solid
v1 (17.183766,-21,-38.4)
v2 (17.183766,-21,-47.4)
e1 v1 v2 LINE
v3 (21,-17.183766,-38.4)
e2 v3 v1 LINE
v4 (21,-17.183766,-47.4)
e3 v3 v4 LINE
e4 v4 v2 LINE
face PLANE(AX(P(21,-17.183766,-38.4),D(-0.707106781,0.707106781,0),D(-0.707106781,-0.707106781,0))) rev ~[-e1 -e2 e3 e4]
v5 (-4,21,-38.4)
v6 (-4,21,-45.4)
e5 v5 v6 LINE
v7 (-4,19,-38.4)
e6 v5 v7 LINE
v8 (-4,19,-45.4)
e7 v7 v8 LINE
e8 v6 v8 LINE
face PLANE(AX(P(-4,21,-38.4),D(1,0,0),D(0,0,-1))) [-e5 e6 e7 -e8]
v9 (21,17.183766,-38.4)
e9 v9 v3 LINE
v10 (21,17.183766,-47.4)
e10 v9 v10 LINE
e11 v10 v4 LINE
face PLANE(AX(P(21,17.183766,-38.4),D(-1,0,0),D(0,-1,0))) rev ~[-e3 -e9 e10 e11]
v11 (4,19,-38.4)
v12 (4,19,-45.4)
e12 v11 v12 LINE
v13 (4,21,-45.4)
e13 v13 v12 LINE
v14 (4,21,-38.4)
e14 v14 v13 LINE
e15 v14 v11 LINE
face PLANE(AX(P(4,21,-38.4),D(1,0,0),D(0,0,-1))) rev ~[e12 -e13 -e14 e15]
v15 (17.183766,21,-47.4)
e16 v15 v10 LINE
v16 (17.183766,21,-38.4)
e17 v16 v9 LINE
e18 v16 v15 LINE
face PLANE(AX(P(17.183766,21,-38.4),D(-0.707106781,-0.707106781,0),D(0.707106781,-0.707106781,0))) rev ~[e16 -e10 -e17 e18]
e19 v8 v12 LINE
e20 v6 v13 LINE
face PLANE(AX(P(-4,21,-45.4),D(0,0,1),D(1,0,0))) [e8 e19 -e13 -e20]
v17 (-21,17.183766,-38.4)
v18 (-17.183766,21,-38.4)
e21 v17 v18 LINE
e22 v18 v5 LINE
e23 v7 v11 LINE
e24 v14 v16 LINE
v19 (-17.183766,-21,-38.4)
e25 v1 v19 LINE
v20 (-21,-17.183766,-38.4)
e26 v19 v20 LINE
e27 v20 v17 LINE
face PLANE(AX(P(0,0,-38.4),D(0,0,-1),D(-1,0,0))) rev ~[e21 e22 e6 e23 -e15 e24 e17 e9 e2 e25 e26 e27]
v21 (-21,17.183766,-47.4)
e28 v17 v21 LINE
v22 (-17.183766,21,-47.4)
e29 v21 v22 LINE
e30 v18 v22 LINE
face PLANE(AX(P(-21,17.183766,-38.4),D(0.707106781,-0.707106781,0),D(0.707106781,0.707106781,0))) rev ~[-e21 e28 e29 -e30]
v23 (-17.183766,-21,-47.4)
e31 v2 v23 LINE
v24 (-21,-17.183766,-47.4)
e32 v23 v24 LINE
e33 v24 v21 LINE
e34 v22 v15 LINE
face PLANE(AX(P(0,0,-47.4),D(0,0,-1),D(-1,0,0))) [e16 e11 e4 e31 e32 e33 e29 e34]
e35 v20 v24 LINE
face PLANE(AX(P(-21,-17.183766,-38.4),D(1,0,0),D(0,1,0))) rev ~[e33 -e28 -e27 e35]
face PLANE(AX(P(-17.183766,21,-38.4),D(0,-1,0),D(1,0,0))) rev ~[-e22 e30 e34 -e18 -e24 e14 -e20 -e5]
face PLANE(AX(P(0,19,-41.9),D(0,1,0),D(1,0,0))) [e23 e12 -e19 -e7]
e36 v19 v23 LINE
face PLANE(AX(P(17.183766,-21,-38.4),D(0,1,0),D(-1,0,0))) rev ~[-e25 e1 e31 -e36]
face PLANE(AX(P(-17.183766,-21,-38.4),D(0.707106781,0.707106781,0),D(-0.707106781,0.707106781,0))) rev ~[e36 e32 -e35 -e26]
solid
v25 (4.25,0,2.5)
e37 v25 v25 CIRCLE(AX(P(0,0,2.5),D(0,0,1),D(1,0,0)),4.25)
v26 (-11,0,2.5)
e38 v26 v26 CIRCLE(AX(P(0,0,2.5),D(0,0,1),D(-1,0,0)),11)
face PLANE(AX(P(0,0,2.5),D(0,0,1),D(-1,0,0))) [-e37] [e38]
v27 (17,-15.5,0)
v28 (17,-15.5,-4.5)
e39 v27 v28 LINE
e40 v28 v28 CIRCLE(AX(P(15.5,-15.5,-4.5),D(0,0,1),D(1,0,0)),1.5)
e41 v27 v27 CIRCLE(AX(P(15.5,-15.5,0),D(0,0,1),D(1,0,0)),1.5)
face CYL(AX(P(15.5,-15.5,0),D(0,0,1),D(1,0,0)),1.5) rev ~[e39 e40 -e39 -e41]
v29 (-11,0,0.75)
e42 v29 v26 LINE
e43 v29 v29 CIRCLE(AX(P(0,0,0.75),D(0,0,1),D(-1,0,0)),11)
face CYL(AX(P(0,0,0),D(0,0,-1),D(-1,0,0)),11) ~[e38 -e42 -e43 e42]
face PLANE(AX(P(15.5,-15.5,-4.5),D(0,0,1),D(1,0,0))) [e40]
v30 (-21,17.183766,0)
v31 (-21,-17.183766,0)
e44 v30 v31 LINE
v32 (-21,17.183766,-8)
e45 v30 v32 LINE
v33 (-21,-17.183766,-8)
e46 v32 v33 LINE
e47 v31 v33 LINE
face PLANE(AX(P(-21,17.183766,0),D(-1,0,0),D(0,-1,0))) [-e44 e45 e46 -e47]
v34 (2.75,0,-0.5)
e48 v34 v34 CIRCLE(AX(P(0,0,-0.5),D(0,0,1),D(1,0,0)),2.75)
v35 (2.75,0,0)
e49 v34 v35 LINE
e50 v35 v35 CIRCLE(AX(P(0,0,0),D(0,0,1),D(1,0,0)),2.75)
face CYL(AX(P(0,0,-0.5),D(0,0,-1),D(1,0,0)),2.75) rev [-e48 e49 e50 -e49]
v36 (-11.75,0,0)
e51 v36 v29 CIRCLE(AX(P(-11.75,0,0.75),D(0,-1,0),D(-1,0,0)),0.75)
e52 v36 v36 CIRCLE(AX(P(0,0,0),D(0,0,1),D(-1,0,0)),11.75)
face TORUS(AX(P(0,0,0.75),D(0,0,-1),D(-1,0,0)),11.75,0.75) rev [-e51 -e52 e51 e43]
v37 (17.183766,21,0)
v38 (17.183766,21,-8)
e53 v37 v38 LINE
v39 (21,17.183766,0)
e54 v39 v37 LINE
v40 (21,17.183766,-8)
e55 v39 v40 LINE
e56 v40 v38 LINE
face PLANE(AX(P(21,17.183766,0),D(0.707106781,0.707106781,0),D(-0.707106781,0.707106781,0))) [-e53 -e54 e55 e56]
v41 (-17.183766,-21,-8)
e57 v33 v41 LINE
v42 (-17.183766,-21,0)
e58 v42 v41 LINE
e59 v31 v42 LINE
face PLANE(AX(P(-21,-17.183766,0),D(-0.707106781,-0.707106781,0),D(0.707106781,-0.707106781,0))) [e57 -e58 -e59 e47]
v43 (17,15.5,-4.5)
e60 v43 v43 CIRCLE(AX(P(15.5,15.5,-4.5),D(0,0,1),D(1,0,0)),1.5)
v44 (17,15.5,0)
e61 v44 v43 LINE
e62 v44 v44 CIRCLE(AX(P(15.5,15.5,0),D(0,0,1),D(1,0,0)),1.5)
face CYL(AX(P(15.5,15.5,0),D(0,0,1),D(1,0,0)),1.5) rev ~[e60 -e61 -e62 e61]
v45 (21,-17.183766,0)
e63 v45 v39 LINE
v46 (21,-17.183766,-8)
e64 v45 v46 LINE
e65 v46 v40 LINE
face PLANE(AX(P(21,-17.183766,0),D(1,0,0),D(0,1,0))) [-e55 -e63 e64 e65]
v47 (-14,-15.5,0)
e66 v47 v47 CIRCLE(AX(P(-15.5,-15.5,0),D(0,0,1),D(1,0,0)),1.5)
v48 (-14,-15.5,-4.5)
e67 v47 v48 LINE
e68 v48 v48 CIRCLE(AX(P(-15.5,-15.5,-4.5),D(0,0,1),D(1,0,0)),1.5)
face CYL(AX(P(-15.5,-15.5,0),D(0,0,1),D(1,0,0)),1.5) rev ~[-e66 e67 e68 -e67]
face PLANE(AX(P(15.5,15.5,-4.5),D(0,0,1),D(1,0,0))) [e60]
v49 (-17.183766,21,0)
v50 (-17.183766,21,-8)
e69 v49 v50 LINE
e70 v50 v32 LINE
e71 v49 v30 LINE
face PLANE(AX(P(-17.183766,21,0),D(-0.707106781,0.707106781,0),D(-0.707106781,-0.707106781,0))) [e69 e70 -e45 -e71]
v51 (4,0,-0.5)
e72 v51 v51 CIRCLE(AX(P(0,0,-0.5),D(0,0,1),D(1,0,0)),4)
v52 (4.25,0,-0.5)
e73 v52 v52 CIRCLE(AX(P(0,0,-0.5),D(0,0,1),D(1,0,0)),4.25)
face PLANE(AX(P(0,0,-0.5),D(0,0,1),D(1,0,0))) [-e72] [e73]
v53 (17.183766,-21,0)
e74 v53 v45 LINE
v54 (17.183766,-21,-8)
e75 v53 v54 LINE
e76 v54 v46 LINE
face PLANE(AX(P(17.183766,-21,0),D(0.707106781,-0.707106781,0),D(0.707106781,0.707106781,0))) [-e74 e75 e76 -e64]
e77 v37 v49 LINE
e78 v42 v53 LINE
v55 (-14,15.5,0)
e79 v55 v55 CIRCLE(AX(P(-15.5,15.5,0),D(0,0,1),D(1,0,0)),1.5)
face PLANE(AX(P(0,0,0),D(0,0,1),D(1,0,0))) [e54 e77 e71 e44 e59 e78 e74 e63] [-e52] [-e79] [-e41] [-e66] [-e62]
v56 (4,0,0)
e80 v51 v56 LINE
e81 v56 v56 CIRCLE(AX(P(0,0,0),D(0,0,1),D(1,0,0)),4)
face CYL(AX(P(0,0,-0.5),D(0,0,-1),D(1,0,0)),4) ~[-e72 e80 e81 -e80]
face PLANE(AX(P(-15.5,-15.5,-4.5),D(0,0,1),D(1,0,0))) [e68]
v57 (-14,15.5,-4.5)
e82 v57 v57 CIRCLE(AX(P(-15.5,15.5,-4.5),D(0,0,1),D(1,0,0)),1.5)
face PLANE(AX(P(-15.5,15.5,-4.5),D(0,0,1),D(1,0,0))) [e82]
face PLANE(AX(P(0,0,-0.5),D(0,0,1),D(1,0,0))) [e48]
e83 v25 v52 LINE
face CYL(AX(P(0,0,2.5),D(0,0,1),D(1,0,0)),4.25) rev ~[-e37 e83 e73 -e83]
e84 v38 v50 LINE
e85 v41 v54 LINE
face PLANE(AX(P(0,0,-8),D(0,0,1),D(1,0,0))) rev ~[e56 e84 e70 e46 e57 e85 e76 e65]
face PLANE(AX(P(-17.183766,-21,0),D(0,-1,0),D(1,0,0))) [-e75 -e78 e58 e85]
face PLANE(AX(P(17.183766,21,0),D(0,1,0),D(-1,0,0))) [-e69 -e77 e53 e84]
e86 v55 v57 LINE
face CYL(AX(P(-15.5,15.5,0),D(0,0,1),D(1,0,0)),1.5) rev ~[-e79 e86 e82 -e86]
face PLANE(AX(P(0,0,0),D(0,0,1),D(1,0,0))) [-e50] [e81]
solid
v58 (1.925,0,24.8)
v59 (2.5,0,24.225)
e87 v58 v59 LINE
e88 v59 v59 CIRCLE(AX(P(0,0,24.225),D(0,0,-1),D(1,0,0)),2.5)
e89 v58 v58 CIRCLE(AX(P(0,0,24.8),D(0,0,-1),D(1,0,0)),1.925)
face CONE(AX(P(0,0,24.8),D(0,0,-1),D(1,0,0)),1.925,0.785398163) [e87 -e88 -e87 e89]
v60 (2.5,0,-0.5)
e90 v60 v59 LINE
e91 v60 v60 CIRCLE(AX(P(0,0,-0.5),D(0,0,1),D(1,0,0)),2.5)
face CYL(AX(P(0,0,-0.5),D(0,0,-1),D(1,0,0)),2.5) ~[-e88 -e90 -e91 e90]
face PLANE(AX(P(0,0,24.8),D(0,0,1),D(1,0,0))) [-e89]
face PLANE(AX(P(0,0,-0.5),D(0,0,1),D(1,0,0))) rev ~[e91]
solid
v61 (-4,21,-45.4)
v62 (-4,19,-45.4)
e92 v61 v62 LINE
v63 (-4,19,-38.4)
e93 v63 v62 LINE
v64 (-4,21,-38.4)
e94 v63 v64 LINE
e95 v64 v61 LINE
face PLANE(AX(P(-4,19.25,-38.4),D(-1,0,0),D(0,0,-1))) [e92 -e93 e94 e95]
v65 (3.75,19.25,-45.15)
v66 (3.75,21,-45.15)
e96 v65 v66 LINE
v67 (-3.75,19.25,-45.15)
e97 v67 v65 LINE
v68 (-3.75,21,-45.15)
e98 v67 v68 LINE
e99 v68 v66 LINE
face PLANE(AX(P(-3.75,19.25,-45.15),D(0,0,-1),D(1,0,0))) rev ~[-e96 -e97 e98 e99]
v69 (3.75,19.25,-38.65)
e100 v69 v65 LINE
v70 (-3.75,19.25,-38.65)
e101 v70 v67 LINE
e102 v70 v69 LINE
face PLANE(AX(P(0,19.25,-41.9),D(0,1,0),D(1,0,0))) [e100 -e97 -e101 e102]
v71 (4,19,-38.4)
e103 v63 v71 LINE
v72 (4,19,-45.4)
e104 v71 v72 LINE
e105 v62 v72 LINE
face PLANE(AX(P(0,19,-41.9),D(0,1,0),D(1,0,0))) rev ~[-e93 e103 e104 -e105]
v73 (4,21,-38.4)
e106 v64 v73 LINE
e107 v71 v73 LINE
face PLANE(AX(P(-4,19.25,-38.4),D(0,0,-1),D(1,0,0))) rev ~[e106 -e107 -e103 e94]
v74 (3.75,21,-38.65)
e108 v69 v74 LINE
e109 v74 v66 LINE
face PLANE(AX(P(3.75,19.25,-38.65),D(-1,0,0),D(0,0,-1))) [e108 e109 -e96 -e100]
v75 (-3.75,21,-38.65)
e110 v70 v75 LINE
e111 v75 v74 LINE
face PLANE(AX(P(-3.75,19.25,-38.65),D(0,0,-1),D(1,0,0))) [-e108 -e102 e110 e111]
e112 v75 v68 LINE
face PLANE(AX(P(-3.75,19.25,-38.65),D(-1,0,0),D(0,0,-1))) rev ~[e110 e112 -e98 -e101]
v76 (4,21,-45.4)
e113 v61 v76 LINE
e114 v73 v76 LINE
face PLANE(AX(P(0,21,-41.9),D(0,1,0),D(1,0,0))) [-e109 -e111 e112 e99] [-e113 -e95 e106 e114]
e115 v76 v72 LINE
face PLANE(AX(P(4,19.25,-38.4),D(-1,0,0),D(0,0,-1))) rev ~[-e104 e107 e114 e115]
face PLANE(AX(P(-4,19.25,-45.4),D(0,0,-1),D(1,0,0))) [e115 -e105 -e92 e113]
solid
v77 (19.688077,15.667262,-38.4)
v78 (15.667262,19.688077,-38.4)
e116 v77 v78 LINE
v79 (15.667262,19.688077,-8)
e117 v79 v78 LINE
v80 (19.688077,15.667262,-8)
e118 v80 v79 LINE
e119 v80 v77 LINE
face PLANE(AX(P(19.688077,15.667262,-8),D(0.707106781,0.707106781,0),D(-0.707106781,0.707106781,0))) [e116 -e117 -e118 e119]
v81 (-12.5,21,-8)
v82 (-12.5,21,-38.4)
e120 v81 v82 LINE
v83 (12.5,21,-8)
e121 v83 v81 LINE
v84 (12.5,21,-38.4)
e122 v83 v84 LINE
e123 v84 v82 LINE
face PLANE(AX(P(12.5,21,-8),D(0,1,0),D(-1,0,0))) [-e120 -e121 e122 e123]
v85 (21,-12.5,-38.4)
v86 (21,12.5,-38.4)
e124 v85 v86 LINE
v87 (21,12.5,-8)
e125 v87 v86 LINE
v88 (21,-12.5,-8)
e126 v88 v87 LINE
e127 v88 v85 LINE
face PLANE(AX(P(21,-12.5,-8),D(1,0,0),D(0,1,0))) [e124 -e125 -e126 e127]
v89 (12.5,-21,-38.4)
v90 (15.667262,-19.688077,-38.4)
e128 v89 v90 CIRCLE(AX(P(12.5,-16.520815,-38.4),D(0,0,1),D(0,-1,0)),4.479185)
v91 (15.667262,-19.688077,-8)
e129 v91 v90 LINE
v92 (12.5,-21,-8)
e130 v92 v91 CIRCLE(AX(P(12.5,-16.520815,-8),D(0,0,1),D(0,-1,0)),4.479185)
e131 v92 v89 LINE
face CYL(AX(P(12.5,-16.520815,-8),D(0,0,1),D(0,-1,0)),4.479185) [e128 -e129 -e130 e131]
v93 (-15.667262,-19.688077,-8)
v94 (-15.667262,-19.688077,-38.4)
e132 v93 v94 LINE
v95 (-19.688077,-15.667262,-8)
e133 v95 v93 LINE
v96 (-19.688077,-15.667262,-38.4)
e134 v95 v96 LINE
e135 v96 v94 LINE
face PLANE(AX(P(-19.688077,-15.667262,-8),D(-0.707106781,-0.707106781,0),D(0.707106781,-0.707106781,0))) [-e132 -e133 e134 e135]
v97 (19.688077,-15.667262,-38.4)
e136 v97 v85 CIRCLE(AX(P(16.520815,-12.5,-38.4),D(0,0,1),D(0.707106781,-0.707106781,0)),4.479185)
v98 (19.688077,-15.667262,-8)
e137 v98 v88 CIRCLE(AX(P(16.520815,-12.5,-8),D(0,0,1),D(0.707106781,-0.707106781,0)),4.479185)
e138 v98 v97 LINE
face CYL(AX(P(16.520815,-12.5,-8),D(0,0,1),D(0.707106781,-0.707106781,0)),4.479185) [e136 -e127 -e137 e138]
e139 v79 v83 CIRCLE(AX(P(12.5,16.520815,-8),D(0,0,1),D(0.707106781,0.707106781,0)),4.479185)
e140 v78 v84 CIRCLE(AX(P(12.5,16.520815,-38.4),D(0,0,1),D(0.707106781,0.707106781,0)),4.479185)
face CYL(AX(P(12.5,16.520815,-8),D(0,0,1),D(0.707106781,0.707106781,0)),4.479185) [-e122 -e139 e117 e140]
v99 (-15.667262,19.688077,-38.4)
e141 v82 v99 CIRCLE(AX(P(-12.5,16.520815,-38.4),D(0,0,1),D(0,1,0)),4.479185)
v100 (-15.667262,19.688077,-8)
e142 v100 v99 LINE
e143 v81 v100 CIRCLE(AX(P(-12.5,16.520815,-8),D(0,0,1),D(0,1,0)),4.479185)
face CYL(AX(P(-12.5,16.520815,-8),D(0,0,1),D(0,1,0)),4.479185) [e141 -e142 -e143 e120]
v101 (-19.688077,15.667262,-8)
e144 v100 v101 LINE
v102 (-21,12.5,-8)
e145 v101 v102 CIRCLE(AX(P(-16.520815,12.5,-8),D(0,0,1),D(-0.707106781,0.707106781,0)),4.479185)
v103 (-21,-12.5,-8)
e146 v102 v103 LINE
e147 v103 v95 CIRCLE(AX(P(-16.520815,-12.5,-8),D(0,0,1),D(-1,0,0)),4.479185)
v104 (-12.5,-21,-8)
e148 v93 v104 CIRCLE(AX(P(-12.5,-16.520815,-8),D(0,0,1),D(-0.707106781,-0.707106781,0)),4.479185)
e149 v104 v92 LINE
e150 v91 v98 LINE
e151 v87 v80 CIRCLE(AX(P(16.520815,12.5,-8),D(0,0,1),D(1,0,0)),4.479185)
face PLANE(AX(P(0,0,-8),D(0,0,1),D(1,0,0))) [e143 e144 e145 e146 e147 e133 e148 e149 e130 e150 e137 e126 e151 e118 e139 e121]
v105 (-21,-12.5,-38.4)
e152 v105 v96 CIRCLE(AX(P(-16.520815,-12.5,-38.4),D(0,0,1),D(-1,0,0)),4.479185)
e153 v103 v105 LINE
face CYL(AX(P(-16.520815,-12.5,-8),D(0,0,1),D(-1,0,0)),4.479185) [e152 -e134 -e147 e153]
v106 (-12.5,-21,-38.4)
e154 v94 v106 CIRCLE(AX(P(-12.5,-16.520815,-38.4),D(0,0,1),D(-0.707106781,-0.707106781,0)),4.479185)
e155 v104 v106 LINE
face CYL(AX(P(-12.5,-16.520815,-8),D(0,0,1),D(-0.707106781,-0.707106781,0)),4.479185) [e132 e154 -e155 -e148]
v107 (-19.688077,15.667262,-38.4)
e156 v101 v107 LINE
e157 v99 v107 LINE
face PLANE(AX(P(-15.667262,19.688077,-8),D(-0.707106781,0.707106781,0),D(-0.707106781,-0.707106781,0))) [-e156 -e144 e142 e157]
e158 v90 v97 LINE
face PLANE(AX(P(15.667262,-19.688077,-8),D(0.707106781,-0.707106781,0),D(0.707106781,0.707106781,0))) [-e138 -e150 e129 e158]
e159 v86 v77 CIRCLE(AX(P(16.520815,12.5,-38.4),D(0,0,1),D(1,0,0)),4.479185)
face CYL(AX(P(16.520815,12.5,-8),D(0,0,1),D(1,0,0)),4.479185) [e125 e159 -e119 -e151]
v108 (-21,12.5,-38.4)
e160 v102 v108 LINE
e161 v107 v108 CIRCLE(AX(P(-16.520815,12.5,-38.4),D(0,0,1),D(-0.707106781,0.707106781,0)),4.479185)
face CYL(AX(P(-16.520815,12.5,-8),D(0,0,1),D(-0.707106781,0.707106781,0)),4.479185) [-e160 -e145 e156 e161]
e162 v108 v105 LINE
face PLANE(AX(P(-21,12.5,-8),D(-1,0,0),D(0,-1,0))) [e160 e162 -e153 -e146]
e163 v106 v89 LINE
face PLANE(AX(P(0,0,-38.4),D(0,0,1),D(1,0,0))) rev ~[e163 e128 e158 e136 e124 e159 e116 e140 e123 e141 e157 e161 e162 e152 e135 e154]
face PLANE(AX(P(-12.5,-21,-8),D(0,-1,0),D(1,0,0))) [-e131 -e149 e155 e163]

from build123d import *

# Parameters (mm, degrees)
BOSS_EXTRUDE1_DEPTH = 8
BOSS_EXTRUDE2_DEPTH = 30.4
BOSS_EXTRUDE3_DEPTH = 9
SKETCH5_R           = 1.5
CUT_EXTRUDE1_DEPTH  = 4.5
SKETCH6_R           = 11
BOSS_EXTRUDE4_DEPTH = 2.5
SKETCH9_R           = 4.25
CUT_EXTRUDE2_DEPTH  = 3
SKETCH8_R           = 2.5
BOSS_EXTRUDE5_DEPTH = 25.3
SKETCH11_R          = 4
SKETCH11_R_2        = 2.75
BOSS_EXTRUDE6_DEPTH = 0.5
FILLET1_R           = 0.75
SKETCH13_W          = 8
SKETCH13_H          = 7
CUT_EXTRUDE3_DEPTH  = 2
SKETCH14_W          = 8
SKETCH14_H          = 7
BOSS_EXTRUDE7_DEPTH = 0.25
SKETCH15_W          = 8
SKETCH15_H          = 7
SKETCH15_W_2        = 7.5
SKETCH15_H_2        = 6.5
BOSS_EXTRUDE8_DEPTH = 1.75


with BuildPart() as part:
    # Sketch1 → Boss-Extrude1 (new body)
    with BuildSketch(Plane.XY):
        Polygon((17.183766184, 21), (-17.183766184, 21), (-21, 17.183766184), (-21, -17.183766184), (-17.183766184, -21), (17.183766184, -21), (21, -17.183766184), (21, 17.183766184), align=None)
    extrude(amount=-BOSS_EXTRUDE1_DEPTH)

    # Sketch5 → Cut-Extrude1 (cut)
    with BuildSketch(Plane.XY):
        with Locations((-15.5, 15.5)):
            Circle(SKETCH5_R)
        with Locations((15.5, 15.5)):
            Circle(SKETCH5_R)
        with Locations((15.5, -15.5)):
            Circle(SKETCH5_R)
        with Locations((-15.5, -15.5)):
            Circle(SKETCH5_R)
    extrude(amount=-CUT_EXTRUDE1_DEPTH, mode=Mode.SUBTRACT)

    # Sketch6 → Boss-Extrude4 (add)
    with BuildSketch(Plane.XY):
        with Locations(Location((0, 0, 0), (0, 0, 180))):
            Circle(SKETCH6_R)
    extrude(amount=BOSS_EXTRUDE4_DEPTH)

    # Sketch9 → Cut-Extrude2 (cut)
    with BuildSketch(Plane.XY.offset(2.5)):
        Circle(SKETCH9_R)
    extrude(amount=-CUT_EXTRUDE2_DEPTH, mode=Mode.SUBTRACT)

    # Sketch11 → Boss-Extrude6 (add)
    with BuildSketch(Plane.XY.offset(-0.5)):
        Circle(SKETCH11_R)
        Circle(SKETCH11_R_2, mode=Mode.SUBTRACT)
    extrude(amount=BOSS_EXTRUDE6_DEPTH)

    # Fillet1
    fillet1_edges = [part.edges().sort_by_distance(p)[0] for p in [
        (11, 0, 0),
    ]]
    fillet(fillet1_edges, radius=FILLET1_R)


with BuildPart() as body_2:
    # Sketch3 → Boss-Extrude2 (new body)
    with BuildSketch(Plane(origin=(0, 0, -8), x_dir=(-1, 0, 0), z_dir=(0, 0, -1))):
        with BuildLine():
            Line((-19.68807717, 15.66726189), (-15.66726189, 19.68807717))
            ThreePointArc((-15.66726189, 19.68807717), (-14.214109783, 20.659042365), (-12.5, 21))
            Line((-12.5, 21), (12.5, 21))
            ThreePointArc((12.5, 21), (14.214109783, 20.659042365), (15.66726189, 19.68807717))
            Line((15.66726189, 19.68807717), (19.68807717, 15.66726189))
            ThreePointArc((19.68807717, 15.66726189), (20.659042365, 14.214109783), (21, 12.5))
            Line((21, 12.5), (21, -12.5))
            ThreePointArc((21, -12.5), (20.659042365, -14.214109783), (19.68807717, -15.66726189))
            Line((19.68807717, -15.66726189), (15.66726189, -19.68807717))
            ThreePointArc((15.66726189, -19.68807717), (14.214109783, -20.659042365), (12.5, -21))
            Line((12.5, -21), (-12.5, -21))
            ThreePointArc((-12.5, -21), (-14.214109783, -20.659042365), (-15.66726189, -19.68807717))
            Line((-15.66726189, -19.68807717), (-19.68807717, -15.66726189))
            ThreePointArc((-19.68807717, -15.66726189), (-20.659042365, -14.214109783), (-21, -12.5))
            Line((-21, -12.5), (-21, 12.5))
            ThreePointArc((-21, 12.5), (-20.659042365, 14.214109783), (-19.68807717, 15.66726189))
        make_face()
    extrude(amount=BOSS_EXTRUDE2_DEPTH)


with BuildPart() as body_3:
    # Sketch4 → Boss-Extrude3 (new body)
    with BuildSketch(Plane(origin=(0, 0, -38.4), x_dir=(-1, 0, 0), z_dir=(0, 0, -1))):
        Polygon((-17.183766184, 21), (-21, 17.183766184), (-21, -17.183766184), (-17.183766184, -21), (17.183766184, -21), (21, -17.183766184), (21, 17.183766184), (17.183766184, 21), align=None)
    extrude(amount=BOSS_EXTRUDE3_DEPTH)

    # Sketch13 → Cut-Extrude3 (cut)
    with BuildSketch(Plane(origin=(0, 21, 0), x_dir=(1, 0, 0), z_dir=(0, 1, 0))):
        with Locations((0, 41.9)):
            Rectangle(SKETCH13_W, SKETCH13_H)
    extrude(amount=-CUT_EXTRUDE3_DEPTH, mode=Mode.SUBTRACT)


with BuildPart() as body_4:
    # Sketch8 → Boss-Extrude5 (new body)
    with BuildSketch(Plane.XY.offset(-0.5)):
        Circle(SKETCH8_R)
    extrude(amount=BOSS_EXTRUDE5_DEPTH)

    # Sketch12 → Cut-Revolve1 (revolve, cut)
    with BuildSketch(Plane(origin=(0, 0, 0), x_dir=(0, 0, -1), z_dir=(1, 0, 0)), mode=Mode.PRIVATE) as cut_revolve1_sk:
        Polygon((-24.8, 1.925), (-24.225, 2.5), (-24.8, 2.5), align=None)
    revolve(cut_revolve1_sk.sketch.rotate(Axis((0, 0, 24.8), (0, 0, -1)), 90), axis=Axis((0, 0, 24.8), (0, 0, -1)), mode=Mode.SUBTRACT)


with BuildPart() as body_5:
    # Sketch14 → Boss-Extrude7 (new body)
    with BuildSketch(Plane(origin=(0, 19, 0), x_dir=(1, 0, 0), z_dir=(0, 1, 0))):
        with Locations((0, 41.9)):
            Rectangle(SKETCH14_W, SKETCH14_H)
    extrude(amount=BOSS_EXTRUDE7_DEPTH)

    # Sketch15 → Boss-Extrude8 (add)
    with BuildSketch(Plane(origin=(0, 19.25, 0), x_dir=(1, 0, 0), z_dir=(0, 1, 0))):
        with Locations((0, 41.9)):
            Rectangle(SKETCH15_W, SKETCH15_H)
        with Locations((0, 41.9)):
            Rectangle(SKETCH15_W_2, SKETCH15_H_2, mode=Mode.SUBTRACT)
    extrude(amount=BOSS_EXTRUDE8_DEPTH)


solid = Compound([part.part, body_2.part, body_3.part, body_4.part, body_5.part])
